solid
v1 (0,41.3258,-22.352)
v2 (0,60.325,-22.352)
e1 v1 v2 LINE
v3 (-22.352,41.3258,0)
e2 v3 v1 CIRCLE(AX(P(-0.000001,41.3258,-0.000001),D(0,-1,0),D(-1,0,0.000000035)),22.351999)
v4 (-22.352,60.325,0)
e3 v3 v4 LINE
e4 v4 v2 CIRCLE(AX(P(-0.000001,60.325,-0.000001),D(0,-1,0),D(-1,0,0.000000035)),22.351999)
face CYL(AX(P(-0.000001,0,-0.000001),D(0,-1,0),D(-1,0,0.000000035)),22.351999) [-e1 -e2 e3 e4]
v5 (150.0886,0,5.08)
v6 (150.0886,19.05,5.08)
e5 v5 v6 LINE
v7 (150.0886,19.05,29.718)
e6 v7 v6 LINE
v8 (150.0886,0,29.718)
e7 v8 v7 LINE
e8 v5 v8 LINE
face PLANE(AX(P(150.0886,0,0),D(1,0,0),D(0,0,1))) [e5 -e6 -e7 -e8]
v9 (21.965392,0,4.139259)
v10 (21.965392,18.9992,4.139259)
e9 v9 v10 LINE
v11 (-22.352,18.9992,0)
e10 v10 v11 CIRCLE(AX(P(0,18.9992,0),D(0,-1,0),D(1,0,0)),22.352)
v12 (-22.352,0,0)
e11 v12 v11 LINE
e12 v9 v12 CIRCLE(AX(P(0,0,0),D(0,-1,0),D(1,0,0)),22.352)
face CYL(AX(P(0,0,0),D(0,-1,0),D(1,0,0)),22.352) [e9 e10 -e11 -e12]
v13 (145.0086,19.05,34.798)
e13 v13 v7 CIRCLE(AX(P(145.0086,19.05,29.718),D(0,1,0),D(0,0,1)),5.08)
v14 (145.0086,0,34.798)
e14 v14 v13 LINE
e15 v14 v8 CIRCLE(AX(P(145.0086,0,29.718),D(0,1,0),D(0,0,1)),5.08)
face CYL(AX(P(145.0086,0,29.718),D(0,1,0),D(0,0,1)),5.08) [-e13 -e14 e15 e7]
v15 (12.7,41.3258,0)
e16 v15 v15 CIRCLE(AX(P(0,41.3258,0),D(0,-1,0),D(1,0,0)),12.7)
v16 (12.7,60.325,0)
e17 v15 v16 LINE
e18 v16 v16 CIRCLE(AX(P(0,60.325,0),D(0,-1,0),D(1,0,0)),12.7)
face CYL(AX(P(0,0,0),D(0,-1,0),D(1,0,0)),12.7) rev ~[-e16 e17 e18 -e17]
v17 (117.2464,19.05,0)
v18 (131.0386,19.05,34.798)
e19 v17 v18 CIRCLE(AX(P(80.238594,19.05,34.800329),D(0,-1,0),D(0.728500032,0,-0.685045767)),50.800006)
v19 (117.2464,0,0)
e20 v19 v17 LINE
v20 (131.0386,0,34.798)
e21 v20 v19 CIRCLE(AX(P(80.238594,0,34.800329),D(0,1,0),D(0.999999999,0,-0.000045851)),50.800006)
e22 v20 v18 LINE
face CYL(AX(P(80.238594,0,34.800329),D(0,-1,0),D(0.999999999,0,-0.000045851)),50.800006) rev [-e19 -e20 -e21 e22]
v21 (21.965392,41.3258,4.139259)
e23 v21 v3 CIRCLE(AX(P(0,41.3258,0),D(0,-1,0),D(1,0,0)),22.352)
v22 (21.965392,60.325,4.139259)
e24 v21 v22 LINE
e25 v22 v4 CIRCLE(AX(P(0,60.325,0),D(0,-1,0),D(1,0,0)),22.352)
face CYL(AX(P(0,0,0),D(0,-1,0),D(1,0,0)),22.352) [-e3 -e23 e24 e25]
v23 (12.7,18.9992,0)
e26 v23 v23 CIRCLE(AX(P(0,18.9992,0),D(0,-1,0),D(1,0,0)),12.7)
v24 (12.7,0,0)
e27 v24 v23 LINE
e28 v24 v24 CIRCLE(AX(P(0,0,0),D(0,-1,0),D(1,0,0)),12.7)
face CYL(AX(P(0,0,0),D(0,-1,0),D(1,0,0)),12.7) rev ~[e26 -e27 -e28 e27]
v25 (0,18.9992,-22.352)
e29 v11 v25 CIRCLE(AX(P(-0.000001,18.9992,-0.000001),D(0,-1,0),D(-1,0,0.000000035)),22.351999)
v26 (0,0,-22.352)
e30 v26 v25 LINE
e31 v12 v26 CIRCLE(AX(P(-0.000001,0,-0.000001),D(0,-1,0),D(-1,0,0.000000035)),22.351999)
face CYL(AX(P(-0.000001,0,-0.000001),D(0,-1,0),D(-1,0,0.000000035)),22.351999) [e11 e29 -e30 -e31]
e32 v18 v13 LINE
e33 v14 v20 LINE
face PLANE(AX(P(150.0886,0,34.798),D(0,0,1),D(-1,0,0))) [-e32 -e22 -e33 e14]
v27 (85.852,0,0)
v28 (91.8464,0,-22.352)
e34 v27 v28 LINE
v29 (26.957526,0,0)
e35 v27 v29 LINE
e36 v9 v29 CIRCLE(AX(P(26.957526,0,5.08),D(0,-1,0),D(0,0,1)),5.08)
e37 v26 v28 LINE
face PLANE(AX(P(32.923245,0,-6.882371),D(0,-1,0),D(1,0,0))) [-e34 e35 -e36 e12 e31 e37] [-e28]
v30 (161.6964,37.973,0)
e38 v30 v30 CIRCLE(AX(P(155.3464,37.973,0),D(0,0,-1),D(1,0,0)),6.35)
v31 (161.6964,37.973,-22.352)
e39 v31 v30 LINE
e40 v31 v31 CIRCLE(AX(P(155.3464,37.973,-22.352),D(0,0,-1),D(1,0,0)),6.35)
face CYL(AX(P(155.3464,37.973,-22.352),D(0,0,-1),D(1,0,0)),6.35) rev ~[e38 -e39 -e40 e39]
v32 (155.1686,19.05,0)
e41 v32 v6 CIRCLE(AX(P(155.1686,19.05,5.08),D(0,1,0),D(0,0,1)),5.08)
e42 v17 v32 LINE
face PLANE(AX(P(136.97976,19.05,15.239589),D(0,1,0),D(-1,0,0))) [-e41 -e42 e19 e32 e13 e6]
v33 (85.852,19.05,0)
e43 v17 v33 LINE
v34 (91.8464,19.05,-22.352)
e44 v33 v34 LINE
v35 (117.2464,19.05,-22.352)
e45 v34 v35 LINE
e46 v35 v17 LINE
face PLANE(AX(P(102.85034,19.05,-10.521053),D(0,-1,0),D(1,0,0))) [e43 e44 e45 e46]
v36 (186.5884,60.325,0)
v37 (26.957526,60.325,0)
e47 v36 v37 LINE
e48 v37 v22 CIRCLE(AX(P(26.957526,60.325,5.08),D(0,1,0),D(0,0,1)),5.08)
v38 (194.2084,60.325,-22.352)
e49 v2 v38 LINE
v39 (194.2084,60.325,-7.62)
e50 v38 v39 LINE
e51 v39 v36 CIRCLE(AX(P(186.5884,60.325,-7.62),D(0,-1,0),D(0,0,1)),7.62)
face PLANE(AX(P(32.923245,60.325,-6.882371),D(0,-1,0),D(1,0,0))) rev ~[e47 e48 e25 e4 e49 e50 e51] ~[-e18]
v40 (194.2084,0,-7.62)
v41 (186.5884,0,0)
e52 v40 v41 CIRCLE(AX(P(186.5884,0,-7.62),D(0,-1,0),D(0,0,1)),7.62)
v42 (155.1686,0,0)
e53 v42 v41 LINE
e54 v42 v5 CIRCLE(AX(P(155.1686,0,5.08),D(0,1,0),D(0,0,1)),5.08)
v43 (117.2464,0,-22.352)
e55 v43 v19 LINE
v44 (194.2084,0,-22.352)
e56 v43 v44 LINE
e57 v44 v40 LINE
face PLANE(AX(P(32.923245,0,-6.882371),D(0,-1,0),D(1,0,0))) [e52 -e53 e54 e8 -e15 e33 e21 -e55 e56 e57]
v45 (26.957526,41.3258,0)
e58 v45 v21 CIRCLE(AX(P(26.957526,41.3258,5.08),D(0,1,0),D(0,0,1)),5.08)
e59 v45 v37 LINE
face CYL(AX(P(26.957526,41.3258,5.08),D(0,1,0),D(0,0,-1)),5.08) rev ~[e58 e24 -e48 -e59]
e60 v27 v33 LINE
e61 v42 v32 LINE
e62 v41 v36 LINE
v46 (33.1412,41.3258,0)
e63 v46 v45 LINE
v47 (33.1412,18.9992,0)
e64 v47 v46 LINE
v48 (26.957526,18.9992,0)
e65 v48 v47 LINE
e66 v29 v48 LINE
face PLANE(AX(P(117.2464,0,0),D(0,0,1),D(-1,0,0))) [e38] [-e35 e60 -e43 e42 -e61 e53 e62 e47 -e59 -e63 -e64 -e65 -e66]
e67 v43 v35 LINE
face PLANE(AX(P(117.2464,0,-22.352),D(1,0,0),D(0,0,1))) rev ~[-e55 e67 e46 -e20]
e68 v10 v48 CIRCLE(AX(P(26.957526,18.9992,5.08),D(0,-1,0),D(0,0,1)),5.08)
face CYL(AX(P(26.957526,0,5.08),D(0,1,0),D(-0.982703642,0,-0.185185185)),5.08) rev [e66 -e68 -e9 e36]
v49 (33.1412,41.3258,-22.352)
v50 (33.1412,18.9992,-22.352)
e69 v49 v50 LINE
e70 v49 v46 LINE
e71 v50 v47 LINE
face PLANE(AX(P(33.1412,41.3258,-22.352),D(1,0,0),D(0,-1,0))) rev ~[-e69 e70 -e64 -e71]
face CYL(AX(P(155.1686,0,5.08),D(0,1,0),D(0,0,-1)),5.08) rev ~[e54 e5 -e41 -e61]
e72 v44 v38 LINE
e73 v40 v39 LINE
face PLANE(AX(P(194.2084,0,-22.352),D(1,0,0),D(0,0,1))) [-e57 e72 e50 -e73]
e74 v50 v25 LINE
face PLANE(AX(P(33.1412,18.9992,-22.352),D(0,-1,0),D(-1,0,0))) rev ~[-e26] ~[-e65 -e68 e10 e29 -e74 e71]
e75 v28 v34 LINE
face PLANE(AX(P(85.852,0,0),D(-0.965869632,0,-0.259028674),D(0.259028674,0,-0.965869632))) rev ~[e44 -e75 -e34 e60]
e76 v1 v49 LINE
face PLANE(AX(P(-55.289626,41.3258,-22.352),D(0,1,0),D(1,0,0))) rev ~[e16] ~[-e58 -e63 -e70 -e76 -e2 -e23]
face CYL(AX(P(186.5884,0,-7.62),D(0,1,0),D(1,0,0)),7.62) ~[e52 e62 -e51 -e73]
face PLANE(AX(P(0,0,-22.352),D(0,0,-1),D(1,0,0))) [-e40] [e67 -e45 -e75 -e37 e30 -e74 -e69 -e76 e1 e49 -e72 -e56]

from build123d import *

# Parameters (mm, degrees)
F0_R     = 12.7
F0_W     = 44.1198
F0_H     = 22.352
F0_W_2   = 32.8422
F1_DEPTH = 60.325
F2_DEPTH = 19.05
F3_W     = 33.1412
F3_H     = 22.3266
F3_W_2   = 55.289626
F3_R     = 6.35
F4_DEPTH = 57.151
F6_DEPTH = 41.275
F7_R     = 5.08
F8_R     = 7.62


with BuildPart() as f1:
    # F0 (on Front) → F1 (new body)
    with BuildSketch(Plane.XZ):
        with BuildLine():
            ThreePointArc((22.352, 0), (0, 22.352), (-22.352, 0))
            ThreePointArc((-22.352, 0), (-15.805251, -15.805251), (0, -22.352))
            Line((0, -22.352), (91.8464, -22.352))
            Line((91.8464, -22.352), (85.852, 0))
            Line((85.852, 0), (22.352, 0))
        make_face()
        Circle(F0_R, mode=Mode.SUBTRACT)
        Polygon((85.852, 0), (91.8464, -22.352), (117.2464, -22.352), (117.2464, 0), align=None)
        with Locations((172.1485, -11.176)):
            Rectangle(F0_W, F0_H)
        with BuildLine():
            ThreePointArc((131.0386, 34.798), (127.464415, 16.082358), (117.2464, 0))
            Line((117.2464, 0), (150.0886, 0))
            Line((150.0886, 0), (150.0886, 34.798))
            Line((150.0886, 34.798), (131.0386, 34.798))
        make_face()
        with Locations((133.6675, -11.176)):
            Rectangle(F0_W_2, F0_H)
    extrude(amount=-F1_DEPTH)

    # F0 (on Front) → F2 (cut)
    with BuildSketch(Plane.XZ):
        Polygon((85.852, 0), (91.8464, -22.352), (117.2464, -22.352), (117.2464, 0), align=None)
    extrude(amount=-F2_DEPTH, mode=Mode.SUBTRACT)

    # F3 (on face) → F4 (cut, through all)
    with BuildSketch(Plane(origin=(0, 0, -22.352), x_dir=(1, 0, 0), z_dir=(0, 0, -1))):
        with Locations((16.5706, -30.1625)):
            Rectangle(F3_W, F3_H)
        with Locations((-27.644813, -30.1625)):
            Rectangle(F3_W_2, F3_H)
        with Locations((155.3464, -37.973)):
            Circle(F3_R)
    extrude(amount=-F4_DEPTH, mode=Mode.SUBTRACT)

    # F5 (on face) → F6 (cut)
    with BuildSketch(Plane(origin=(0, 60.325, 0), x_dir=(-1, 0, 0), z_dir=(0, 1, 0))):
        with BuildLine():
            Line((-150.0886, 0), (-117.2464, 0))
            ThreePointArc((-117.2464, 0), (-127.464415, 16.082358), (-131.0386, 34.798))
            Line((-131.0386, 34.798), (-150.0886, 34.798))
            Line((-150.0886, 34.798), (-150.0886, 0))
        make_face()
    extrude(amount=-F6_DEPTH, mode=Mode.SUBTRACT)

    # F7
    f7_edges = [f1.edges().sort_by_distance(p)[0] for p in [
        (22.352, 9.4996, 0),
        (22.352, 50.8254, 0),
        (150.0886, 9.525, 34.798),
        (150.0886, 9.525, 0),
    ]]
    fillet(f7_edges, radius=F7_R)

    # F8
    f8_edges = [f1.edges().sort_by_distance(p)[0] for p in [
        (194.2084, 30.1625, 0),
    ]]
    fillet(f8_edges, radius=F8_R)


solid = f1.part
